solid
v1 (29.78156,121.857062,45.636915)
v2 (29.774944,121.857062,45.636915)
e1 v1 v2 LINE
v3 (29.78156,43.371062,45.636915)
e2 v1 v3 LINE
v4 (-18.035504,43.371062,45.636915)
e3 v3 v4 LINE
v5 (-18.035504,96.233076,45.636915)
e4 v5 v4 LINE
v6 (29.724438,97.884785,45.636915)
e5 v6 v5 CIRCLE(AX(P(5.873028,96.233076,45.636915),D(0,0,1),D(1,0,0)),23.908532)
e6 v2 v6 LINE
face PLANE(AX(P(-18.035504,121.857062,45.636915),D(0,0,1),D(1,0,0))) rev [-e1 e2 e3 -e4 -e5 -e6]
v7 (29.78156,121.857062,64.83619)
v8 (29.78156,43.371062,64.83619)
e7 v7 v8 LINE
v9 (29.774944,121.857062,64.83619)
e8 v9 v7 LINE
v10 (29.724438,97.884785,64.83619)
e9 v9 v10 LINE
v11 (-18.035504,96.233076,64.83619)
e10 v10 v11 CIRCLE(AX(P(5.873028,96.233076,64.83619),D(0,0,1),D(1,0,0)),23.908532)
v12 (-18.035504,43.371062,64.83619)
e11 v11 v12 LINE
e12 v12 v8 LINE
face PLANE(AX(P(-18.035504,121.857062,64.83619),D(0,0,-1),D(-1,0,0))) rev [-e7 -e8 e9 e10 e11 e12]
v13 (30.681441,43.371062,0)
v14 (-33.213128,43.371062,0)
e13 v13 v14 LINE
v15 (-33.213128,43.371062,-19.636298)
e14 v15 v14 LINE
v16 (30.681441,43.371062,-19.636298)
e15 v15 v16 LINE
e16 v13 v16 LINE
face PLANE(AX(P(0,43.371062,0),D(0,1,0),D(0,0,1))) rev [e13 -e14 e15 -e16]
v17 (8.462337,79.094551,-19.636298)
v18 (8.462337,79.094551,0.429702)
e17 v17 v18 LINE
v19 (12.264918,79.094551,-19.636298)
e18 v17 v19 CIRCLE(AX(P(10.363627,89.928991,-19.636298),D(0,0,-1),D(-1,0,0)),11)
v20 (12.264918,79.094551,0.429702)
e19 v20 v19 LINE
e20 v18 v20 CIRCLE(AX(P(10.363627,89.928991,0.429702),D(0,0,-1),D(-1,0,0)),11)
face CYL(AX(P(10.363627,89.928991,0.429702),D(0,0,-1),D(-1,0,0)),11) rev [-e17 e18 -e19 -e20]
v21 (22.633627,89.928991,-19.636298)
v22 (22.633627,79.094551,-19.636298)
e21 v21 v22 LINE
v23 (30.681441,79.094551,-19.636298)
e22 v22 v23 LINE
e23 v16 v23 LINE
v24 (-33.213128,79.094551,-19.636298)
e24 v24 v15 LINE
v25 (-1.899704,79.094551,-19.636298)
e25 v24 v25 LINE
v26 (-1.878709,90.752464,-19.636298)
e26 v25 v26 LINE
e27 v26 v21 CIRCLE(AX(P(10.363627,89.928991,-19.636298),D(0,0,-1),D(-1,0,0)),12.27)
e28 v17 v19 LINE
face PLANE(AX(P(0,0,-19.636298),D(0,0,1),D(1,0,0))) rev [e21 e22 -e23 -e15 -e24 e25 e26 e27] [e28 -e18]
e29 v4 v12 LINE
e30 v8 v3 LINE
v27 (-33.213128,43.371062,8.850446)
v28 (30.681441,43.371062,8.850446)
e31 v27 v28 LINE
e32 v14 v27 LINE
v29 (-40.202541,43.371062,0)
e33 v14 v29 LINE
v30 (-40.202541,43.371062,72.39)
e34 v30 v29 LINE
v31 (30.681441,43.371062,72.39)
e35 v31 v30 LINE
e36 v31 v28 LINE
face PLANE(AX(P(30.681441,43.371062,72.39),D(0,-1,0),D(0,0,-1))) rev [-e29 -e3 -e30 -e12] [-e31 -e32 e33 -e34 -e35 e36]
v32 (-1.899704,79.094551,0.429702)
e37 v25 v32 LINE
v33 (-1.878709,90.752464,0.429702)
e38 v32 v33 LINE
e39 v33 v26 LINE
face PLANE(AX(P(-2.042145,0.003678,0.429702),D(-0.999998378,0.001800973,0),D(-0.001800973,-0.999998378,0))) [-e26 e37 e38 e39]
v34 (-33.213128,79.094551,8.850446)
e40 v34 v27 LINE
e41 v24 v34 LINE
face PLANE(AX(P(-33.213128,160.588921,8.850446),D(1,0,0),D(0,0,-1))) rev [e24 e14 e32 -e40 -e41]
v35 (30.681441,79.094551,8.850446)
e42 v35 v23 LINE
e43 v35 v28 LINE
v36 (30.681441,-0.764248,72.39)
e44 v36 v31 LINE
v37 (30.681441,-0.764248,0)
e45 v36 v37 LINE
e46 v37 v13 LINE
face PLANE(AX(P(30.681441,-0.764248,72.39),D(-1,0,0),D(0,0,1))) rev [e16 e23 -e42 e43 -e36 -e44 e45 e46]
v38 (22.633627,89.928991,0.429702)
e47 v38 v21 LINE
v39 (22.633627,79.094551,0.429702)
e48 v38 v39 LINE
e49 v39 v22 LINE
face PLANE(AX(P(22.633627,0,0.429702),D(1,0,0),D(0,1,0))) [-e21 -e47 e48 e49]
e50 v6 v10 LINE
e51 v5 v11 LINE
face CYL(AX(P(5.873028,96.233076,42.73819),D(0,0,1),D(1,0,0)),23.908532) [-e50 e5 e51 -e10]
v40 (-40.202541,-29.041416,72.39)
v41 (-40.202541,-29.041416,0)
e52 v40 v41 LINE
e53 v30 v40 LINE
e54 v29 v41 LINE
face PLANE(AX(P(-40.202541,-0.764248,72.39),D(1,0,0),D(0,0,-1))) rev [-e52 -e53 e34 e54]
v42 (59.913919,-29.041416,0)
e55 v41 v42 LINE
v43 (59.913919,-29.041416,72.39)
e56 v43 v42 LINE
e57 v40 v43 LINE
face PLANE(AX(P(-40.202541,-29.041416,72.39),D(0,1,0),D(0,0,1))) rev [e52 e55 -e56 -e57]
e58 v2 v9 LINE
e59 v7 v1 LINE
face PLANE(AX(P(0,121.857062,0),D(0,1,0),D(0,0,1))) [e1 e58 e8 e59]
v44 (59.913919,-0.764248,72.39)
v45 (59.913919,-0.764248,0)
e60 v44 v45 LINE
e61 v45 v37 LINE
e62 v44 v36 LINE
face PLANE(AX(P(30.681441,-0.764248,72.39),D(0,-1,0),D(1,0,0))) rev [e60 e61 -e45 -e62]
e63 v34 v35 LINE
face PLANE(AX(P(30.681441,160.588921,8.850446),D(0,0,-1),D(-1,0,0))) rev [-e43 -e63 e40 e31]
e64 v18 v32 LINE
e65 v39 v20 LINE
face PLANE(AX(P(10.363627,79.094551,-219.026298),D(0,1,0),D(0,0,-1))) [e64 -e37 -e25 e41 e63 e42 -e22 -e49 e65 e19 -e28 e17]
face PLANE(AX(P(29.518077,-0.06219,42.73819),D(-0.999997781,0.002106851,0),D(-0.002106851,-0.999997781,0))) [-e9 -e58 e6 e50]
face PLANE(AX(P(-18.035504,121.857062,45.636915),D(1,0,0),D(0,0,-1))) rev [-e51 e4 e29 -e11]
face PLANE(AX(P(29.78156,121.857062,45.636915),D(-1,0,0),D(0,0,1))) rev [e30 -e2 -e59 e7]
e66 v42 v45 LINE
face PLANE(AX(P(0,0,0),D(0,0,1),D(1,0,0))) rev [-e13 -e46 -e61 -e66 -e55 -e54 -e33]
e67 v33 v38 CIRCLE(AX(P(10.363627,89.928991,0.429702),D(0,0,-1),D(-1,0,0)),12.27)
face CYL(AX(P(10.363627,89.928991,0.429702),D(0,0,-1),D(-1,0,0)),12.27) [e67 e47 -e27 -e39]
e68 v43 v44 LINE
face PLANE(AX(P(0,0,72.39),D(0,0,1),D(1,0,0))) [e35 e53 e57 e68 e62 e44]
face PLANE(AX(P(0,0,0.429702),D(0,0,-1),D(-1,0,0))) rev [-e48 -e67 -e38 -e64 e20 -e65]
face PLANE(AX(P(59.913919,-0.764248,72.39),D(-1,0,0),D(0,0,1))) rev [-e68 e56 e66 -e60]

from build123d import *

# Parameters (mm, degrees)
EXTRUDE_1_DEPTH     = 72.39
SKETCH_2_W          = 63.894569667
SKETCH_2_H          = 50.584743582
EXTRUDE_2_DEPTH     = 35.72348927
SKETCH_3_W          = 47.81706323
SKETCH_3_H          = 19.199275388
EXTRUDE_4_DEPTH     = 78.486
CUT_EXTRUDE_4_DEPTH = 22.098
SKETCH_7_W          = 85.131498904
SKETCH_7_H          = 43.590498022
CUT_EXTRUDE_5_DEPTH = 22.098
EXTRUDE_5_DEPTH     = 20.066


with BuildPart() as part:
    # 草图1 → 凸台-拉伸1 (new body)
    with BuildSketch(Plane.XY):
        Polygon((30.681441224, -0.764247788), (59.9139191, -0.764247788), (59.9139191, -29.041415929), (-40.202541077, -29.041415929), (-40.202541077, -0.764247788), (-40.202541077, 43.371061947), (30.681441224, 43.371061947), align=None)
    extrude(amount=EXTRUDE_1_DEPTH)

    # 草图2 → 凸台-拉伸2 (add)
    with BuildSketch(Plane(origin=(0, 43.371061947, 0), x_dir=(1, 0, 0), z_dir=(0, 1, 0))):
        with Locations((-1.26584361, 16.441925792)):
            Rectangle(SKETCH_2_W, SKETCH_2_H)
    extrude(amount=EXTRUDE_2_DEPTH)

    # 草图3 → 凸台-拉伸4 (add)
    with BuildSketch(Plane(origin=(0, 43.371061947, 0), x_dir=(1, 0, 0), z_dir=(0, 1, 0))):
        with Locations((5.873027985, -55.236552657)):
            Rectangle(SKETCH_3_W, SKETCH_3_H)
    extrude(amount=EXTRUDE_4_DEPTH)

    # 草图6 → 切除-拉伸4 (cut)
    with BuildSketch(Plane.XY.offset(64.836190351)):
        with BuildLine():
            Line((-18.03550363, 121.857061947), (-18.03550363, 96.233075723))
            ThreePointArc((-18.03550363, 96.233075723), (5.04667963, 120.12732257), (29.724437597, 97.884784986))
            Line((29.724437597, 97.884784986), (29.774943726, 121.857061947))
            Line((29.774943726, 121.857061947), (-18.03550363, 121.857061947))
        make_face()
    extrude(amount=-CUT_EXTRUDE_4_DEPTH, mode=Mode.SUBTRACT)

    # 草图7 → 切除-拉伸5 (cut)
    with BuildSketch(Plane(origin=(0, 0, -41.734297583), x_dir=(-1, 0, 0), z_dir=(0, 0, -1))):
        with Locations((8.884308228, 58.531001223)):
            Rectangle(SKETCH_7_W, SKETCH_7_H)
    extrude(amount=-CUT_EXTRUDE_5_DEPTH, mode=Mode.SUBTRACT)

    # 草图8 → 凸台-拉伸5 (add)
    with BuildSketch(Plane(origin=(0, 0, -19.636297583), x_dir=(-1, 0, 0), z_dir=(0, 0, -1))):
        with BuildLine():
            ThreePointArc((1.878708632, 90.752463726), (-10.775595888, 102.192073522), (-22.633627477, 89.928991445))
            Line((-22.633627477, 89.928991445), (-22.633627477, 79.094551217))
            Line((-22.633627477, 79.094551217), (-12.26491781, 79.094551217))
            ThreePointArc((-12.26491781, 79.094551217), (-17.43772835, 98.352594999), (0.636372523, 89.928991445))
            ThreePointArc((0.636372523, 89.928991445), (-1.940023923, 82.854890572), (-8.462337143, 79.094551217))
            Line((-8.462337143, 79.094551217), (1.899704254, 79.094551217))
            Line((1.899704254, 79.094551217), (1.881595314, 89.149620673))
            Line((1.881595314, 89.149620673), (1.878708632, 90.752463726))
        make_face()
        with BuildLine():
            Line((-12.26491781, 79.094551217), (-22.633627477, 79.094551217))
            Line((-22.633627477, 79.094551217), (-22.633627477, 75.391965029))
            Line((-22.633627477, 75.391965029), (1.906372523, 75.391965029))
            Line((1.906372523, 75.391965029), (1.899704254, 79.094551217))
            Line((1.899704254, 79.094551217), (-8.462337143, 79.094551217))
            ThreePointArc((-8.462337143, 79.094551217), (-10.363627477, 78.928991445), (-12.26491781, 79.094551217))
        make_face()
    extrude(amount=-EXTRUDE_5_DEPTH)


solid = part.part
